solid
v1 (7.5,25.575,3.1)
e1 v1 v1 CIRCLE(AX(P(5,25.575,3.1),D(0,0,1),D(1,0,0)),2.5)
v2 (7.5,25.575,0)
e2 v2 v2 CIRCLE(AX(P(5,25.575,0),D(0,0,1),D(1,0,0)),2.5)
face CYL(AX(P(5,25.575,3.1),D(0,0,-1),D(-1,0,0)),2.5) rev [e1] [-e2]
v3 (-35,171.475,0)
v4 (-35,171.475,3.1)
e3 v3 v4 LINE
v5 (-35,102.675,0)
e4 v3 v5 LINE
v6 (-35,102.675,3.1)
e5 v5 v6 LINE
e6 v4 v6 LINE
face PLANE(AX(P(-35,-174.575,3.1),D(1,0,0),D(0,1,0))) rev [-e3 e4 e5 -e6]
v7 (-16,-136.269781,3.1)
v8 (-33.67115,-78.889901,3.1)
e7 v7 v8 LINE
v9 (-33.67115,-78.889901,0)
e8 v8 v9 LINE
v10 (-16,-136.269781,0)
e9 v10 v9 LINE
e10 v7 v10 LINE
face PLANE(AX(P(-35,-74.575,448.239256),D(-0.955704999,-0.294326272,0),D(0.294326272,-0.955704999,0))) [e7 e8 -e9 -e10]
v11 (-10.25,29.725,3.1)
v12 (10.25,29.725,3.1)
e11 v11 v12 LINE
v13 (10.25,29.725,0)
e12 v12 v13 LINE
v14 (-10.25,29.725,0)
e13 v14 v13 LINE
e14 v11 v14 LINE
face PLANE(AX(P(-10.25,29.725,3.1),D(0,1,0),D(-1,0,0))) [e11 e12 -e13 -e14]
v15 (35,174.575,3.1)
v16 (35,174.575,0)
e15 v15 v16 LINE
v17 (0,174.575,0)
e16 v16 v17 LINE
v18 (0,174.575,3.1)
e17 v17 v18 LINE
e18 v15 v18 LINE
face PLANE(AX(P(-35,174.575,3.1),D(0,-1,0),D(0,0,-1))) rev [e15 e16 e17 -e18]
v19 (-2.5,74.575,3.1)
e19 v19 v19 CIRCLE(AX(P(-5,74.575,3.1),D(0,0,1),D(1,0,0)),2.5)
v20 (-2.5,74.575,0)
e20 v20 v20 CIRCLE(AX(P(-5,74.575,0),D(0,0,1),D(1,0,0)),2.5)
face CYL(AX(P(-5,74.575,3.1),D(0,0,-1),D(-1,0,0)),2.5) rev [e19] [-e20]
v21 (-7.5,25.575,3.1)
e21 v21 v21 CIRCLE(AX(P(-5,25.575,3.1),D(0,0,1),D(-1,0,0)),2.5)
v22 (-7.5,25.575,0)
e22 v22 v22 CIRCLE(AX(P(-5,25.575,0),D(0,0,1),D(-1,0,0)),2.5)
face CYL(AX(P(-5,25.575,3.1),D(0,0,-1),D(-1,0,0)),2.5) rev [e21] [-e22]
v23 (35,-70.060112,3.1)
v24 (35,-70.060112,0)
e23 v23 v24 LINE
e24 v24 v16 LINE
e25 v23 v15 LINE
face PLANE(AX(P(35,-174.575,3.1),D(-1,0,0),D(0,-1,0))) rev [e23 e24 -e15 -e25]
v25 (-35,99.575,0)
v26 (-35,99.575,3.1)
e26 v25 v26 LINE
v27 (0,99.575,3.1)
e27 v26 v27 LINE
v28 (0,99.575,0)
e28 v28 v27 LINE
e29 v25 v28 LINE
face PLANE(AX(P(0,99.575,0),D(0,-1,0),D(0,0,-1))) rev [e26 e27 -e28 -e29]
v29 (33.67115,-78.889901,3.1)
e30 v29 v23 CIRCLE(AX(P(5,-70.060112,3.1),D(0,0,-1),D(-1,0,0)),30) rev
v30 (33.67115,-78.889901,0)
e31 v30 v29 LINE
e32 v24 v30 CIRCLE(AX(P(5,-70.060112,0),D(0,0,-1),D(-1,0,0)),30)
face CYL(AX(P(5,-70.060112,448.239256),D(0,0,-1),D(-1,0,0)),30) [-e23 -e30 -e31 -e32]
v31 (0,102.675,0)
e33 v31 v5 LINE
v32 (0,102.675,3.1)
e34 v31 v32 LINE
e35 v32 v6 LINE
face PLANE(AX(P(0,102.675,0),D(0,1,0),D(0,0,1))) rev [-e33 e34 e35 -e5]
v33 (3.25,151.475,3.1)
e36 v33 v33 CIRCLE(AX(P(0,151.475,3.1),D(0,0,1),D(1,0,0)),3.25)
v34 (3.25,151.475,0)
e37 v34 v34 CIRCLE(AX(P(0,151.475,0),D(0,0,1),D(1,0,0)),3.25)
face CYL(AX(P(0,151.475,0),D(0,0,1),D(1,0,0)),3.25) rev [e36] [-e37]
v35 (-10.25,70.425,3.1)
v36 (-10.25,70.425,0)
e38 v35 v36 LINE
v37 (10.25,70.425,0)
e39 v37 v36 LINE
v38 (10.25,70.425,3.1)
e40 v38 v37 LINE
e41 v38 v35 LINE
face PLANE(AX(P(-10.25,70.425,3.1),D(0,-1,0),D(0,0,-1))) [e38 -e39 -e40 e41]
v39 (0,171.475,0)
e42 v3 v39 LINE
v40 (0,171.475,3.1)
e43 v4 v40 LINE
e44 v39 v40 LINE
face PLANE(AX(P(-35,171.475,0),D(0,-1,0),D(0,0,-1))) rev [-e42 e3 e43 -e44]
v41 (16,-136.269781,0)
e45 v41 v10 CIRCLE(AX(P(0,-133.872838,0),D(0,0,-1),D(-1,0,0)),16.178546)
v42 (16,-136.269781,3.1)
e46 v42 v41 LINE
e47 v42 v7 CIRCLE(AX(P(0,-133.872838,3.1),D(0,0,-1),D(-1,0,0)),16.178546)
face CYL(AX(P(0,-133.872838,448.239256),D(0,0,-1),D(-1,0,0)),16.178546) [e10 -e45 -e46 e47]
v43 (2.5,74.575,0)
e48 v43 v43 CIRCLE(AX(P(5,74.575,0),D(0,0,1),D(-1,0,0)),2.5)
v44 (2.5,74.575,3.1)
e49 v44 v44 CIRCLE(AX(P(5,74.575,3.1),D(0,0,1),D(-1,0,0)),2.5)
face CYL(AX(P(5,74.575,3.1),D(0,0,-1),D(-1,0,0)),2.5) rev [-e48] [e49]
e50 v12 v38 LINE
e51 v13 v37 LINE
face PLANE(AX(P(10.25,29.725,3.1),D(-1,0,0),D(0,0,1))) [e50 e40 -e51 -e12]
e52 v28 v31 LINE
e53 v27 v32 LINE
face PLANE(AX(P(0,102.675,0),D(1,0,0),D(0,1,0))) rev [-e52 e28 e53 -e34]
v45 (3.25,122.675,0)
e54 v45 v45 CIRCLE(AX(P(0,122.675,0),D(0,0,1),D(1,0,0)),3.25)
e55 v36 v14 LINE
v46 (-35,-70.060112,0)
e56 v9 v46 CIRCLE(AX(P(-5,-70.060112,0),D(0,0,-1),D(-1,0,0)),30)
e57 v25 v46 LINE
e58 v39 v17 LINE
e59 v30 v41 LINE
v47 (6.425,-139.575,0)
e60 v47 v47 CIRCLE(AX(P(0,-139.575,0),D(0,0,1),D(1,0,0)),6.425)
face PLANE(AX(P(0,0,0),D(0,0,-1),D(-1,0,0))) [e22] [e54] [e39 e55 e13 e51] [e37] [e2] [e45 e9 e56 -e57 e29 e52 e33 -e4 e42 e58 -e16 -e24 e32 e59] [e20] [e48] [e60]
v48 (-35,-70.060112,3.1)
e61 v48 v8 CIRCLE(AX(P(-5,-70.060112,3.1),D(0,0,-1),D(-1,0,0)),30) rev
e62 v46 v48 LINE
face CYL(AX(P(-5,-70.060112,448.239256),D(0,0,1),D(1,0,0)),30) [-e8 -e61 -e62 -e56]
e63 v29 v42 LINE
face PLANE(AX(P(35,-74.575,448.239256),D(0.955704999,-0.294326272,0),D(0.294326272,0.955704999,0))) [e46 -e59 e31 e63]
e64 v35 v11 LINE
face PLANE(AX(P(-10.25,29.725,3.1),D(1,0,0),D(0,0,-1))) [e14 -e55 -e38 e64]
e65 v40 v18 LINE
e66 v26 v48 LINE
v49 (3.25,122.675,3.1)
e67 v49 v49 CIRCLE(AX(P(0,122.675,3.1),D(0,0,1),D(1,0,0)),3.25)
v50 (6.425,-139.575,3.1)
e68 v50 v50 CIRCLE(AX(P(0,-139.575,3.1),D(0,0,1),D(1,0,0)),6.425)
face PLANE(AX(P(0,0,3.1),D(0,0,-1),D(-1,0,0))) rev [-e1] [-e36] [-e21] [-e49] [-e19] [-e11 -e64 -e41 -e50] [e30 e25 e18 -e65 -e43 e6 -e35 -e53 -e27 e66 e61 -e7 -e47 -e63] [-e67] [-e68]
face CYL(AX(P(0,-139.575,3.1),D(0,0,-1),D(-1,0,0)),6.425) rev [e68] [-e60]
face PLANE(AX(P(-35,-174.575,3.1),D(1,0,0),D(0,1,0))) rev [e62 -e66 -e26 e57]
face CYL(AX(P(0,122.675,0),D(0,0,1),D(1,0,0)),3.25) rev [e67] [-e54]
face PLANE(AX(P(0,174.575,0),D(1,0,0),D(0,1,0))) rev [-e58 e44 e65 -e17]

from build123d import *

# Parameters (mm, degrees)
SKETCH1_W               = 70
SKETCH1_H               = 349.15
SKETCH1_R               = 6.425
SKETCH1_R_2             = 2.5
SKETCH1_W_2             = 20.5
SKETCH1_H_2             = 40.7
BOSS_EXTRUDE1_DEPTH     = 3.1
CUT_EXTRUDE1_DEPTH      = 1
CUT_EXTRUDE1_DEPTH_BACK = 4.1
FILLET2_R               = 30
SKETCH4_R               = 3.25
SKETCH4_W               = 35
SKETCH4_H               = 3.1
CUT_EXTRUDE2_DEPTH      = 4.1


with BuildPart() as part:
    # Sketch1 → Boss-Extrude1 (new body)
    with BuildSketch(Plane.XY):
        Rectangle(SKETCH1_W, SKETCH1_H)
        with Locations((0, -139.575)):
            Circle(SKETCH1_R, mode=Mode.SUBTRACT)
        with Locations((-5, 74.575)):
            Circle(SKETCH1_R_2, mode=Mode.SUBTRACT)
        with Locations((5, 74.575)):
            Circle(SKETCH1_R_2, mode=Mode.SUBTRACT)
        with Locations((5, 25.575)):
            Circle(SKETCH1_R_2, mode=Mode.SUBTRACT)
        with Locations((-5, 25.575)):
            Circle(SKETCH1_R_2, mode=Mode.SUBTRACT)
        with Locations((0, 50.075)):
            Rectangle(SKETCH1_W_2, SKETCH1_H_2, mode=Mode.SUBTRACT)
    extrude(amount=BOSS_EXTRUDE1_DEPTH)

    # Sketch2 → Cut-Extrude1 (cut, two sides)
    with BuildSketch(Plane.XY.offset(3.1)) as cut_extrude1_sk:
        with BuildLine():
            Line((-16, -136.269781362), (-35, -74.575))
            Line((-35, -74.575), (-35, -174.575))
            Line((-35, -174.575), (35, -174.575))
            Line((35, -174.575), (35, -74.575))
            Line((35, -74.575), (16, -136.269781362))
            ThreePointArc((16, -136.269781362), (0, -150.051383336), (-16, -136.269781362))
        make_face()
    extrude(amount=CUT_EXTRUDE1_DEPTH, mode=Mode.SUBTRACT)
    extrude(cut_extrude1_sk.sketch, amount=-CUT_EXTRUDE1_DEPTH_BACK, mode=Mode.SUBTRACT)

    # Fillet2
    fillet2_edges = [part.edges().sort_by_distance(p)[0] for p in [
        (-35, -74.575, 1.55),
        (35, -74.575, 1.55),
    ]]
    fillet(fillet2_edges, radius=FILLET2_R)

    # Sketch4 → Cut-Extrude2 (cut, through all)
    with BuildSketch(Plane.XY.offset(3.1)):
        with Locations((0, 122.675)):
            Circle(SKETCH4_R)
        with Locations((0, 151.475)):
            Circle(SKETCH4_R)
        with Locations((-17.5, 173.025)):
            Rectangle(SKETCH4_W, SKETCH4_H)
        with Locations((-17.5, 101.125)):
            Rectangle(SKETCH4_W, SKETCH4_H)
    extrude(amount=-CUT_EXTRUDE2_DEPTH, mode=Mode.SUBTRACT)


solid = part.part
